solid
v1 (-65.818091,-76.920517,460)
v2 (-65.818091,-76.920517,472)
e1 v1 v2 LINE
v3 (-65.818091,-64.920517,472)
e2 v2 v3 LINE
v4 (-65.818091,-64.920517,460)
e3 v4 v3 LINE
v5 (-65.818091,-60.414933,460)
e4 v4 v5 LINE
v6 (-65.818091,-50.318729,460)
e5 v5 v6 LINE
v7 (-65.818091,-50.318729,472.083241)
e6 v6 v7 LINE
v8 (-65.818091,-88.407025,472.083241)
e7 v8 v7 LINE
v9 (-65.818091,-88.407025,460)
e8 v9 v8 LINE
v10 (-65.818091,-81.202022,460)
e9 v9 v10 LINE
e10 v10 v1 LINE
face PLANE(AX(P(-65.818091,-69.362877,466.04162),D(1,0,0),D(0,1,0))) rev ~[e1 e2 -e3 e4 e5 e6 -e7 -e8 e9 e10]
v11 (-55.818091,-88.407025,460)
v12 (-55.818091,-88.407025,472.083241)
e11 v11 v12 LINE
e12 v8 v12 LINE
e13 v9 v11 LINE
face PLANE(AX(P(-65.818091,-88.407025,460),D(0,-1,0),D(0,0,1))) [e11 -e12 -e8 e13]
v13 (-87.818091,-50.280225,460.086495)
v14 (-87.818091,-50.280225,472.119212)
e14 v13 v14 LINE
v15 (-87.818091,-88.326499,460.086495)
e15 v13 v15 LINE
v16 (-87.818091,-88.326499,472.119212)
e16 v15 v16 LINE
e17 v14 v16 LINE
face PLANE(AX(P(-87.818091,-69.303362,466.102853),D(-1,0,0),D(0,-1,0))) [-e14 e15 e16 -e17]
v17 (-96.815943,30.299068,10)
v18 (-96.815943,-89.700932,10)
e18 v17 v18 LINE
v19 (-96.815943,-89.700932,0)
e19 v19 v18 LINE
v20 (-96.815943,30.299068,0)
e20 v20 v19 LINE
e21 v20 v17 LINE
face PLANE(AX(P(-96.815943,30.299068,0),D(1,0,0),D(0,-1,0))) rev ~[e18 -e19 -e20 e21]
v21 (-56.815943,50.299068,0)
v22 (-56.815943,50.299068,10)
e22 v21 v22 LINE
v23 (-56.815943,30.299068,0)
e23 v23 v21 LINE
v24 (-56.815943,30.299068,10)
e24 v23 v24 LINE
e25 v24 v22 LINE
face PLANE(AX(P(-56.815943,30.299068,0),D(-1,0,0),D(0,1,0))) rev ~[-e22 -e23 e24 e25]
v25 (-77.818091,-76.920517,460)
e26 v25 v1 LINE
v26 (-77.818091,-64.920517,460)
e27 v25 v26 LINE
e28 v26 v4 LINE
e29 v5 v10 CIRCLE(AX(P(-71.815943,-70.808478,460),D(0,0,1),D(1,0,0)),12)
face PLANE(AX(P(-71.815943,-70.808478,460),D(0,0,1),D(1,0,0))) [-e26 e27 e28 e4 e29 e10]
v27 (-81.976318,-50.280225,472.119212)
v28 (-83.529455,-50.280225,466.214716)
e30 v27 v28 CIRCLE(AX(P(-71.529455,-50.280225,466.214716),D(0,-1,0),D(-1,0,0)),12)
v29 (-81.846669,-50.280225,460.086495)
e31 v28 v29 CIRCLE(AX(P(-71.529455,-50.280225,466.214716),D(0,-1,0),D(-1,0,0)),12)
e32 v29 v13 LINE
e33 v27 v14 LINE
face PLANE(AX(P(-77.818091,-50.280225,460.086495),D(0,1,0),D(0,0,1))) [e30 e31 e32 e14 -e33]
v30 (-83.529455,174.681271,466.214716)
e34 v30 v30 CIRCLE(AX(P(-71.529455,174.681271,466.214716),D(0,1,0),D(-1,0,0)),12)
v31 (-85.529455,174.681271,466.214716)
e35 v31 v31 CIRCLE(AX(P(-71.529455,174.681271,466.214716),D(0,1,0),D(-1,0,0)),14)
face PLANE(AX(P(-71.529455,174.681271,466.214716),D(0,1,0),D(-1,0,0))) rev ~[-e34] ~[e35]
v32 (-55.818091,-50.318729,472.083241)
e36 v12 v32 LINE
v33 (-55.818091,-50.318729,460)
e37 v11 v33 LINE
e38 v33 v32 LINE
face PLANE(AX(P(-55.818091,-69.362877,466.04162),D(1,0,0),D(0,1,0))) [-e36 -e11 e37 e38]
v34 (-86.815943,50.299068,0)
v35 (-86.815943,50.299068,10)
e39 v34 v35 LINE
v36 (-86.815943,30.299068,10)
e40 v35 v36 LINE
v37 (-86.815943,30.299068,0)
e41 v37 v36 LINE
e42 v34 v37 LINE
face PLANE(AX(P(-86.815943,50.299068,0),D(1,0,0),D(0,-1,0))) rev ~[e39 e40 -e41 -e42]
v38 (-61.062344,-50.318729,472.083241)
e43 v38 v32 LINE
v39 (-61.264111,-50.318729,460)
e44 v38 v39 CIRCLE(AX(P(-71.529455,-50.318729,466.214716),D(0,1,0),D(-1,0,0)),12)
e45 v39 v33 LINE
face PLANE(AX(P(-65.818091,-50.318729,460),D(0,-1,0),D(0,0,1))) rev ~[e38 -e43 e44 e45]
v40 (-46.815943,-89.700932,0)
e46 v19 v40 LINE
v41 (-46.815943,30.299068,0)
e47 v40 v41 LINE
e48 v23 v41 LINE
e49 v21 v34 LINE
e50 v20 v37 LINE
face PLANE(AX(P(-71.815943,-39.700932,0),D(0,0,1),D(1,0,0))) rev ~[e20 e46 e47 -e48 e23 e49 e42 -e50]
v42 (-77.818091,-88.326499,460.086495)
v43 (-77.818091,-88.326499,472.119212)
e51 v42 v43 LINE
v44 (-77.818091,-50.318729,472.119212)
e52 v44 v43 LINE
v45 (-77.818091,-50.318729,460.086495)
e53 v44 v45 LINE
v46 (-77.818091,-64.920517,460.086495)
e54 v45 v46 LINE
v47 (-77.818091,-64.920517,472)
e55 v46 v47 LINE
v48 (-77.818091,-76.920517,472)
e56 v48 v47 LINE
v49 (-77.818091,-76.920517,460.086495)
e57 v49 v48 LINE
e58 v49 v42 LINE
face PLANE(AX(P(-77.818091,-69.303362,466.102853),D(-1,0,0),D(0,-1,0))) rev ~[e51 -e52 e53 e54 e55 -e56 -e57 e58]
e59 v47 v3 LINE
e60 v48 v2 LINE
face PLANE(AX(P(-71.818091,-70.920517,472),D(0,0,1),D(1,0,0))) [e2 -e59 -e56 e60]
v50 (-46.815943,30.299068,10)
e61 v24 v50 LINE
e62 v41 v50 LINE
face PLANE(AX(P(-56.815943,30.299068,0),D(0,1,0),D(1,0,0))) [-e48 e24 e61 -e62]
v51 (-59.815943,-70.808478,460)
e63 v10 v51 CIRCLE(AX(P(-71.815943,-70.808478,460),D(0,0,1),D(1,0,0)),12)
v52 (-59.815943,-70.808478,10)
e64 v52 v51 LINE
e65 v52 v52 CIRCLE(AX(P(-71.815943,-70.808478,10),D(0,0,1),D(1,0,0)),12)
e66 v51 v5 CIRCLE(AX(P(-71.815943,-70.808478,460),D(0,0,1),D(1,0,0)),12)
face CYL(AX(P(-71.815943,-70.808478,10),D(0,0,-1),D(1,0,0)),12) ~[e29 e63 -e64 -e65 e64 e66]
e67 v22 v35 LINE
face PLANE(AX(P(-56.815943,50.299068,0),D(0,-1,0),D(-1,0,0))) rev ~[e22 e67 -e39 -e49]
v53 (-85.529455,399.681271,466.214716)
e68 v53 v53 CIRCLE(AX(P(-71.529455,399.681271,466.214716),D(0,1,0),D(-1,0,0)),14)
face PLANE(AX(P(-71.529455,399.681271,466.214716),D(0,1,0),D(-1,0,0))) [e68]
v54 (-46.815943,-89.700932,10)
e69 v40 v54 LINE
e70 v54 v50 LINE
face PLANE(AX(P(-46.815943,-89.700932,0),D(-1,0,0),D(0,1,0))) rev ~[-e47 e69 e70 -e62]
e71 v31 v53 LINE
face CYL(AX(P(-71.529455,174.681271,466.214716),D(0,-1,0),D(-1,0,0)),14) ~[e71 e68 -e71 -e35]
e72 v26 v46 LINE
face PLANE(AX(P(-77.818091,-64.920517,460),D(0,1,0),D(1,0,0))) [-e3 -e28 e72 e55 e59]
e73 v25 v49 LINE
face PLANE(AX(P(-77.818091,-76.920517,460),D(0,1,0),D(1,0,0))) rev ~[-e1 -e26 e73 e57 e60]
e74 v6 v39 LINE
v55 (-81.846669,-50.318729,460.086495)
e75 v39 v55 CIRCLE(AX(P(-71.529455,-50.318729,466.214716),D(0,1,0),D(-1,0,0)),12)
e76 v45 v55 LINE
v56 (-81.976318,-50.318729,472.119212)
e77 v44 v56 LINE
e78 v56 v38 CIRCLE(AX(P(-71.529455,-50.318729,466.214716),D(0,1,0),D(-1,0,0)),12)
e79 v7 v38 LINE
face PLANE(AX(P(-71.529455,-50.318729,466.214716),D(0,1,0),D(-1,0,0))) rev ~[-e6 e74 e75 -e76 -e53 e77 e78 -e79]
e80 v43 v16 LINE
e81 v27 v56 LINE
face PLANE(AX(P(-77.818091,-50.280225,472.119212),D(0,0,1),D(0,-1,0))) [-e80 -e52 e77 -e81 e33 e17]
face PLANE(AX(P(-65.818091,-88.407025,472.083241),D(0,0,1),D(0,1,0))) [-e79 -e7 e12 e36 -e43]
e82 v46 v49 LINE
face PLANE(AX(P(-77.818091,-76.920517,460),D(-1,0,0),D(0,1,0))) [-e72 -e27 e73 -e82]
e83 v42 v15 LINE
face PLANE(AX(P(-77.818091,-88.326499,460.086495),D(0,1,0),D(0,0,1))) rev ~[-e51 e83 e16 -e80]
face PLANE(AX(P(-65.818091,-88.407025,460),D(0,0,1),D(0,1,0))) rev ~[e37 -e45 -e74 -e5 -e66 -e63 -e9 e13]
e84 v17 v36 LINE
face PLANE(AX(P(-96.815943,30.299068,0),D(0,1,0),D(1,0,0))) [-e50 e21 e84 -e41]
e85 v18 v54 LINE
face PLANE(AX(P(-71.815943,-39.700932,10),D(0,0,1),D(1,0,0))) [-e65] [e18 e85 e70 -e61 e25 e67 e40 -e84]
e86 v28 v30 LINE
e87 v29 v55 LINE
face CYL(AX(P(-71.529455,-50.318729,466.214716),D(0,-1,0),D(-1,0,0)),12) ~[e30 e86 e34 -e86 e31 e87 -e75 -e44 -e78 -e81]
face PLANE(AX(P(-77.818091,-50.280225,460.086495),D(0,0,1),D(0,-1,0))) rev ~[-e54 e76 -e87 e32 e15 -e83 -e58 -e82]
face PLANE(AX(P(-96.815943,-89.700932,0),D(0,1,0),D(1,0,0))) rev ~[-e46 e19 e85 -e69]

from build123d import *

# Parameters (mm, degrees)
F0_W      = 10
F0_H      = 20
F1_DEPTH  = 10
F2_R      = 12
F3_DEPTH  = 450
F4_W      = 12
F4_H      = 12
F5_DEPTH  = 12
F6_W      = 38.0882956088
F6_H      = 12.0832407475
F7_DEPTH  = 10
F8_W      = 38.0462743342
F8_H      = 12.0327174664
F9_DEPTH  = 10
F10_R     = 12
F11_DEPTH = 225
F12_R     = 14
F13_DEPTH = 225


with BuildPart() as f1:
    # F0 (on Top) → F1 (new body)
    with BuildSketch(Plane.XY):
        Polygon((-96.8159428212, 10.2990681306), (-96.8159428212, -89.7009318694), (-46.8159428212, -89.7009318694), (-46.8159428212, 10.2990681306), (-56.8159428212, 10.2990681306), (-86.8159428212, 10.2990681306), align=None)
        with Locations((-91.8159428212, 20.2990681306)):
            Rectangle(F0_W, F0_H)
        Polygon((-86.8159428212, 30.2990681306), (-86.8159428212, 10.2990681306), (-56.8159428212, 10.2990681306), (-56.8159428212, 30.2990681306), (-56.8159428212, 50.2990681306), (-86.8159428212, 50.2990681306), align=None)
        with Locations((-51.8159428212, 20.2990681306)):
            Rectangle(F0_W, F0_H)
    extrude(amount=F1_DEPTH)

    # F2 (on face) → F3 (join)
    with BuildSketch(Plane.XY.offset(10)):
        with Locations((-71.8159428212, -70.8084776998)):
            Circle(F2_R)
    extrude(amount=F3_DEPTH)

    # F4 (on face) → F5 (join)
    with BuildSketch(Plane.XY.offset(460)):
        with Locations((-71.8180909753, -70.9205174615)):
            Rectangle(F4_W, F4_H)
    extrude(amount=F5_DEPTH)

    # F6 (on face) → F7 (join)
    with BuildSketch(Plane.YZ.offset(-65.8180909753)):
        with Locations((-69.3628769368, 466.0416203737)):
            Rectangle(F6_W, F6_H)
    extrude(amount=F7_DEPTH)

    # F8 (on face) → F9 (join)
    with BuildSketch(Plane(origin=(-77.8180909753, 0, 0), x_dir=(0, -1, 0), z_dir=(-1, 0, 0))):
        with Locations((69.303361699, 466.1028534174)):
            Rectangle(F8_W, F8_H)
    extrude(amount=F9_DEPTH)

    # F10 (on face) → F11 (join)
    with BuildSketch(Plane(origin=(0, -50.3187291324, 0), x_dir=(-1, 0, 0), z_dir=(0, 1, 0))):
        with Locations((71.529455483, 466.2147164345)):
            Circle(F10_R)
    extrude(amount=F11_DEPTH)

    # F12 (on face) → F13 (join)
    with BuildSketch(Plane(origin=(0, 174.6812708676, 0), x_dir=(-1, 0, 0), z_dir=(0, 1, 0))):
        with Locations((71.529455483, 466.2147164345)):
            Circle(F12_R)
    extrude(amount=F13_DEPTH)


solid = f1.part
